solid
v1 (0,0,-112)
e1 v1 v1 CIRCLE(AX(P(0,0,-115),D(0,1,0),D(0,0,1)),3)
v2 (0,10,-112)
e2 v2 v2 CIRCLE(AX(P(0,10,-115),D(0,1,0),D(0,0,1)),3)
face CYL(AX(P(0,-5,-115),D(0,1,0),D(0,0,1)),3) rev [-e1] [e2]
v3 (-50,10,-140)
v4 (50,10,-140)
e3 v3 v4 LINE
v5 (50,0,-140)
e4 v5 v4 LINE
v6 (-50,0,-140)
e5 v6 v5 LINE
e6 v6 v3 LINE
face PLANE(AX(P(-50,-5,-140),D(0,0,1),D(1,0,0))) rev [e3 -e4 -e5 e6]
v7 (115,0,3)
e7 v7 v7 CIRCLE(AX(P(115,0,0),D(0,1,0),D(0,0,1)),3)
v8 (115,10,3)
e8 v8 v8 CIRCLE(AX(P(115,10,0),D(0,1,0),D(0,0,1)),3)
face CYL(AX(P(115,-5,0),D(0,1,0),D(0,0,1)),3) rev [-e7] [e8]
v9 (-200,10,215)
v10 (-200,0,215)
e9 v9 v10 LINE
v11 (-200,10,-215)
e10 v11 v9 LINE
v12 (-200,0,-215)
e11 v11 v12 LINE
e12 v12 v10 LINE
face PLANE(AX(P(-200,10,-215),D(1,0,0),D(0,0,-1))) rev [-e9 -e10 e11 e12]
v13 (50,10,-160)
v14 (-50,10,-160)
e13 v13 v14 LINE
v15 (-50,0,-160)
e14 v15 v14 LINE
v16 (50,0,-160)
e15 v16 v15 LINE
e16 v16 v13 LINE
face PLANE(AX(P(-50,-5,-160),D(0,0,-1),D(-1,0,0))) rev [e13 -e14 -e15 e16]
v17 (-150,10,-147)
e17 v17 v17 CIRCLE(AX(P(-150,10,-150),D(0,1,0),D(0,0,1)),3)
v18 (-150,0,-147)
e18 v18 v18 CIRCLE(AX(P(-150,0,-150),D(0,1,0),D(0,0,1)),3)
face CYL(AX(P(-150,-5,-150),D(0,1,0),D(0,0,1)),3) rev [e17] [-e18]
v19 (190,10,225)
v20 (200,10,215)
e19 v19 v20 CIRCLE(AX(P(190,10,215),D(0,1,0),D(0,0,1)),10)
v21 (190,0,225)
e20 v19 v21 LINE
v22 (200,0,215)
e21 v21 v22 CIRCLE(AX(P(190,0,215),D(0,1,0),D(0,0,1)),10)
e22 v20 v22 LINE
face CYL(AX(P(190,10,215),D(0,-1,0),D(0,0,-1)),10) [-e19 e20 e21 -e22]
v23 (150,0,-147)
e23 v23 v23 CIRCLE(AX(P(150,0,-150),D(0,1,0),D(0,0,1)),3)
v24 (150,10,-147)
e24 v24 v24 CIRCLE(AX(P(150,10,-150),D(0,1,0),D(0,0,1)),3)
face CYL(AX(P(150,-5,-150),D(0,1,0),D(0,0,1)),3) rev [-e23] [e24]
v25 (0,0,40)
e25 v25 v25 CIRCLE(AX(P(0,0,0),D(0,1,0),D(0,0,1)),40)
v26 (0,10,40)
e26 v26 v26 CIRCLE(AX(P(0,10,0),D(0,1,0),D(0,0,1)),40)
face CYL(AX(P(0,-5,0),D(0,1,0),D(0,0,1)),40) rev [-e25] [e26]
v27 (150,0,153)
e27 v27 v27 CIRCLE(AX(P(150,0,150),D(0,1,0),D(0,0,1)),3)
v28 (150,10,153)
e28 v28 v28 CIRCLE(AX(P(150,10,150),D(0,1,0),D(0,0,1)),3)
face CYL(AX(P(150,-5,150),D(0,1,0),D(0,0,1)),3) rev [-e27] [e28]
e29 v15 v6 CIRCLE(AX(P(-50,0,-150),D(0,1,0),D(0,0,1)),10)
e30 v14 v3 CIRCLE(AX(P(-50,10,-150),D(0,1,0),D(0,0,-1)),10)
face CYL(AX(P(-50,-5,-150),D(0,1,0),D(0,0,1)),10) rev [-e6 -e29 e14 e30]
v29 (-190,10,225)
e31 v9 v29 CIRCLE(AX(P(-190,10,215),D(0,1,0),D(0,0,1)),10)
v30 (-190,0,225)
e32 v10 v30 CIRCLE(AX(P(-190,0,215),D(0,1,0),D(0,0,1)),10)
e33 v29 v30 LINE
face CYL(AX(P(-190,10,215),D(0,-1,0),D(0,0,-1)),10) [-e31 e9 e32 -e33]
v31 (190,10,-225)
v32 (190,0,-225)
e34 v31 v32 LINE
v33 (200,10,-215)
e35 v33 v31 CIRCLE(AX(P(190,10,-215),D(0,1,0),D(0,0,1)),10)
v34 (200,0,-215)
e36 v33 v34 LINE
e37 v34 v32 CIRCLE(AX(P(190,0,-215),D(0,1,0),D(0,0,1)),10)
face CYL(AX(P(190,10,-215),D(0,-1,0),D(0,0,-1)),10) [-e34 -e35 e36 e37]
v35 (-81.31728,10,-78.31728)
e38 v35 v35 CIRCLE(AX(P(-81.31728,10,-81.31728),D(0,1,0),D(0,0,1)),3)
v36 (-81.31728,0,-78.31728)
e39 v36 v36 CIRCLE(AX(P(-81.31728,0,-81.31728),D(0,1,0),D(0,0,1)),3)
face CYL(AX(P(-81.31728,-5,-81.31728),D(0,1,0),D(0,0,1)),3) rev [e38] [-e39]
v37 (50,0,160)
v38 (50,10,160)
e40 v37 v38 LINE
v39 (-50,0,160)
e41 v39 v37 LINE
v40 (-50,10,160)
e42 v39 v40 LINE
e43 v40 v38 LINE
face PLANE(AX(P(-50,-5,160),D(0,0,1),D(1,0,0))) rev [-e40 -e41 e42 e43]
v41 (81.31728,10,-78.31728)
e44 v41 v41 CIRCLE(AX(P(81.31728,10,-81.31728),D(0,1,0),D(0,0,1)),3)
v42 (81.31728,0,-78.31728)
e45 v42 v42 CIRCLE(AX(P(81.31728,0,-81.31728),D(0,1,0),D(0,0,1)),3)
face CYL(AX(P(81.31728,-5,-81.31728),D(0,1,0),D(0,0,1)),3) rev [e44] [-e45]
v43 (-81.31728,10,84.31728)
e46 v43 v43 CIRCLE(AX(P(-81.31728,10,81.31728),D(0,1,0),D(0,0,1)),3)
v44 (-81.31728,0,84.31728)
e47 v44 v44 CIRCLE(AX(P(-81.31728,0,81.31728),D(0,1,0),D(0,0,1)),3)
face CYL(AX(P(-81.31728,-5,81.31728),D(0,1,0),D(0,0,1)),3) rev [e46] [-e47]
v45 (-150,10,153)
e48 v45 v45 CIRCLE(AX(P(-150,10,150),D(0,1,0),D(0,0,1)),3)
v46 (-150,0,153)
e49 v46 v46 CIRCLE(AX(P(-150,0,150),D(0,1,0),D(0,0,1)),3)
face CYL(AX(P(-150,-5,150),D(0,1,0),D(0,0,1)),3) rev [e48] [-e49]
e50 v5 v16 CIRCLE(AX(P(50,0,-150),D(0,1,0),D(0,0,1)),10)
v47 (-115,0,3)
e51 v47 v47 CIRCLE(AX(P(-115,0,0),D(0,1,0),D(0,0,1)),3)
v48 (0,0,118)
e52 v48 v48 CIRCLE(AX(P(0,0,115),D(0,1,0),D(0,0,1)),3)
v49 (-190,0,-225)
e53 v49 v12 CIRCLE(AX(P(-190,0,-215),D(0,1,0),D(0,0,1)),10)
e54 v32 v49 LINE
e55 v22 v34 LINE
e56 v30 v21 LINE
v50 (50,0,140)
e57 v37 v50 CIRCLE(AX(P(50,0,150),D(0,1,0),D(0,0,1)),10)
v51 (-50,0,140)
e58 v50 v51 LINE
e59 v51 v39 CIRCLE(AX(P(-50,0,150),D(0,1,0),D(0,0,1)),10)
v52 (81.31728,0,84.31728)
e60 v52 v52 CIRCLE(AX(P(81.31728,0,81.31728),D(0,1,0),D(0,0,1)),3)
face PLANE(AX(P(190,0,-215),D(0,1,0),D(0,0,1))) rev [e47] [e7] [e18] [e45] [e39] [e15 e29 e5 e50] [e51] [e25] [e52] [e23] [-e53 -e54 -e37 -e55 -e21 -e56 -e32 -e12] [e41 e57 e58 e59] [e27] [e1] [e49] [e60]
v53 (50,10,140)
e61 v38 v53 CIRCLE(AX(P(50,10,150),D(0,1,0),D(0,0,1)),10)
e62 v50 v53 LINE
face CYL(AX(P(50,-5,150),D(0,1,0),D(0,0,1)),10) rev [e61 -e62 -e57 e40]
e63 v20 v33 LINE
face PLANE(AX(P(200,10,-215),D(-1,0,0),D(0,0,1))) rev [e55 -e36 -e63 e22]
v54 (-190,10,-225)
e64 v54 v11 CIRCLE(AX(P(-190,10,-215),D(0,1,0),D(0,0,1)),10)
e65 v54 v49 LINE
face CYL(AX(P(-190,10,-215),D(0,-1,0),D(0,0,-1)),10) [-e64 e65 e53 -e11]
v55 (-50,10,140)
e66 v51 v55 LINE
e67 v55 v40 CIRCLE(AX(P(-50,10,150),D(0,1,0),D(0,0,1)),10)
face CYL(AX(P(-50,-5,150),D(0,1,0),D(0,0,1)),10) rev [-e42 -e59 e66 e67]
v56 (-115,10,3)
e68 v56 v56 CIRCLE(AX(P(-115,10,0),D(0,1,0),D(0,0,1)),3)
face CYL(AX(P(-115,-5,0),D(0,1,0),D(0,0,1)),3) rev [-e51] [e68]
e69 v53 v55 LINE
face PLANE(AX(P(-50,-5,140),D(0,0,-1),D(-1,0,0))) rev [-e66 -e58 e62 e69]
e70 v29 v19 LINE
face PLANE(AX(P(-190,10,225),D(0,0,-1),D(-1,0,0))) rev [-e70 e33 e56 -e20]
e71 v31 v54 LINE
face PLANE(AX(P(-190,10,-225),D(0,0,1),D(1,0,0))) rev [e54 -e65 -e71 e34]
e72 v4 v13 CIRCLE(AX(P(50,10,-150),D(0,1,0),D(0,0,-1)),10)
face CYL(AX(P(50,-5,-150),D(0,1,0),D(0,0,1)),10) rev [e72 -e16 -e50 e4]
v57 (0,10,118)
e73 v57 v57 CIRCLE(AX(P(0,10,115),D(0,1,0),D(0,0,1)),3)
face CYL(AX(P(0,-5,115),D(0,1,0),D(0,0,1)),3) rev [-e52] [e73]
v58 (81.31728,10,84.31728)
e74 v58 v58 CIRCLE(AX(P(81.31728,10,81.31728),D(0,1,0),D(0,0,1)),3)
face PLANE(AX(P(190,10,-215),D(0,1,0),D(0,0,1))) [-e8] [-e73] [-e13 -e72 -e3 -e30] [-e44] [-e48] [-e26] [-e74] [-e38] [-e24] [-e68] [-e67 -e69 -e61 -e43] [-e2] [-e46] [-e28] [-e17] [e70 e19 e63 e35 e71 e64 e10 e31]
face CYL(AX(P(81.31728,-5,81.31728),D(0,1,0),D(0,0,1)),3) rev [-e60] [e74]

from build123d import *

# Parameters (mm, degrees)
EXTRUDE_1_DEPTH     = 10
SKETCH_3_R          = 40
SKETCH_3_R_2        = 3
CUT_EXTRUDE_1_DEPTH = 15


with BuildPart() as part:
    # 草圖1 → 填料-伸長1 (new body)
    with BuildSketch(Plane(origin=(0, 0, 0), x_dir=(1, 0, 0), z_dir=(0, 1, 0))):
        with BuildLine():
            Line((-200, 215), (-200, -215))
            ThreePointArc((-200, -215), (-197.071067812, -222.071067812), (-190, -225))
            Line((-190, -225), (190, -225))
            ThreePointArc((190, -225), (197.071067812, -222.071067812), (200, -215))
            Line((200, -215), (200, 215))
            ThreePointArc((200, 215), (197.071067812, 222.071067812), (190, 225))
            Line((190, 225), (-190, 225))
            ThreePointArc((-190, 225), (-197.071067812, 222.071067812), (-200, 215))
        make_face()
    extrude(amount=EXTRUDE_1_DEPTH)

    # 草圖3 → 除料-伸長1 (cut)
    with BuildSketch(Plane(origin=(0, 10, 0), x_dir=(1, 0, 0), z_dir=(0, 1, 0))):
        with Locations(Location((0, 0, 0), (0, 0, 270))):
            Circle(SKETCH_3_R)
        with Locations(Location((0, 115, 0), (0, 0, 270))):
            Circle(SKETCH_3_R_2)
        with Locations(Location((81.317279836, 81.317279836, 0), (0, 0, 270))):
            Circle(SKETCH_3_R_2)
        with Locations(Location((115, 0, 0), (0, 0, 270))):
            Circle(SKETCH_3_R_2)
        with Locations(Location((81.317279836, -81.317279836, 0), (0, 0, 270))):
            Circle(SKETCH_3_R_2)
        with Locations(Location((0, -115, 0), (0, 0, 270))):
            Circle(SKETCH_3_R_2)
        with Locations(Location((-81.317279836, -81.317279836, 0), (0, 0, 270))):
            Circle(SKETCH_3_R_2)
        with Locations(Location((-115, 0, 0), (0, 0, 270))):
            Circle(SKETCH_3_R_2)
        with Locations(Location((-81.317279836, 81.317279836, 0), (0, 0, 270))):
            Circle(SKETCH_3_R_2)
        with Locations(Location((-150, 150, 0), (0, 0, 270))):
            Circle(SKETCH_3_R_2)
        with Locations(Location((150, 150, 0), (0, 0, 270))):
            Circle(SKETCH_3_R_2)
        with Locations(Location((-150, -150, 0), (0, 0, 270))):
            Circle(SKETCH_3_R_2)
        with Locations(Location((150, -150, 0), (0, 0, 270))):
            Circle(SKETCH_3_R_2)
        with BuildLine():
            Line((-50, -140), (50, -140))
            ThreePointArc((50, -140), (60, -150), (50, -160))
            Line((50, -160), (-50, -160))
            ThreePointArc((-50, -160), (-60, -150), (-50, -140))
        make_face()
        with BuildLine():
            Line((-50, 140), (50, 140))
            ThreePointArc((50, 140), (60, 150), (50, 160))
            Line((50, 160), (-50, 160))
            ThreePointArc((-50, 160), (-60, 150), (-50, 140))
        make_face()
    extrude(amount=-CUT_EXTRUDE_1_DEPTH, mode=Mode.SUBTRACT)


solid = part.part
